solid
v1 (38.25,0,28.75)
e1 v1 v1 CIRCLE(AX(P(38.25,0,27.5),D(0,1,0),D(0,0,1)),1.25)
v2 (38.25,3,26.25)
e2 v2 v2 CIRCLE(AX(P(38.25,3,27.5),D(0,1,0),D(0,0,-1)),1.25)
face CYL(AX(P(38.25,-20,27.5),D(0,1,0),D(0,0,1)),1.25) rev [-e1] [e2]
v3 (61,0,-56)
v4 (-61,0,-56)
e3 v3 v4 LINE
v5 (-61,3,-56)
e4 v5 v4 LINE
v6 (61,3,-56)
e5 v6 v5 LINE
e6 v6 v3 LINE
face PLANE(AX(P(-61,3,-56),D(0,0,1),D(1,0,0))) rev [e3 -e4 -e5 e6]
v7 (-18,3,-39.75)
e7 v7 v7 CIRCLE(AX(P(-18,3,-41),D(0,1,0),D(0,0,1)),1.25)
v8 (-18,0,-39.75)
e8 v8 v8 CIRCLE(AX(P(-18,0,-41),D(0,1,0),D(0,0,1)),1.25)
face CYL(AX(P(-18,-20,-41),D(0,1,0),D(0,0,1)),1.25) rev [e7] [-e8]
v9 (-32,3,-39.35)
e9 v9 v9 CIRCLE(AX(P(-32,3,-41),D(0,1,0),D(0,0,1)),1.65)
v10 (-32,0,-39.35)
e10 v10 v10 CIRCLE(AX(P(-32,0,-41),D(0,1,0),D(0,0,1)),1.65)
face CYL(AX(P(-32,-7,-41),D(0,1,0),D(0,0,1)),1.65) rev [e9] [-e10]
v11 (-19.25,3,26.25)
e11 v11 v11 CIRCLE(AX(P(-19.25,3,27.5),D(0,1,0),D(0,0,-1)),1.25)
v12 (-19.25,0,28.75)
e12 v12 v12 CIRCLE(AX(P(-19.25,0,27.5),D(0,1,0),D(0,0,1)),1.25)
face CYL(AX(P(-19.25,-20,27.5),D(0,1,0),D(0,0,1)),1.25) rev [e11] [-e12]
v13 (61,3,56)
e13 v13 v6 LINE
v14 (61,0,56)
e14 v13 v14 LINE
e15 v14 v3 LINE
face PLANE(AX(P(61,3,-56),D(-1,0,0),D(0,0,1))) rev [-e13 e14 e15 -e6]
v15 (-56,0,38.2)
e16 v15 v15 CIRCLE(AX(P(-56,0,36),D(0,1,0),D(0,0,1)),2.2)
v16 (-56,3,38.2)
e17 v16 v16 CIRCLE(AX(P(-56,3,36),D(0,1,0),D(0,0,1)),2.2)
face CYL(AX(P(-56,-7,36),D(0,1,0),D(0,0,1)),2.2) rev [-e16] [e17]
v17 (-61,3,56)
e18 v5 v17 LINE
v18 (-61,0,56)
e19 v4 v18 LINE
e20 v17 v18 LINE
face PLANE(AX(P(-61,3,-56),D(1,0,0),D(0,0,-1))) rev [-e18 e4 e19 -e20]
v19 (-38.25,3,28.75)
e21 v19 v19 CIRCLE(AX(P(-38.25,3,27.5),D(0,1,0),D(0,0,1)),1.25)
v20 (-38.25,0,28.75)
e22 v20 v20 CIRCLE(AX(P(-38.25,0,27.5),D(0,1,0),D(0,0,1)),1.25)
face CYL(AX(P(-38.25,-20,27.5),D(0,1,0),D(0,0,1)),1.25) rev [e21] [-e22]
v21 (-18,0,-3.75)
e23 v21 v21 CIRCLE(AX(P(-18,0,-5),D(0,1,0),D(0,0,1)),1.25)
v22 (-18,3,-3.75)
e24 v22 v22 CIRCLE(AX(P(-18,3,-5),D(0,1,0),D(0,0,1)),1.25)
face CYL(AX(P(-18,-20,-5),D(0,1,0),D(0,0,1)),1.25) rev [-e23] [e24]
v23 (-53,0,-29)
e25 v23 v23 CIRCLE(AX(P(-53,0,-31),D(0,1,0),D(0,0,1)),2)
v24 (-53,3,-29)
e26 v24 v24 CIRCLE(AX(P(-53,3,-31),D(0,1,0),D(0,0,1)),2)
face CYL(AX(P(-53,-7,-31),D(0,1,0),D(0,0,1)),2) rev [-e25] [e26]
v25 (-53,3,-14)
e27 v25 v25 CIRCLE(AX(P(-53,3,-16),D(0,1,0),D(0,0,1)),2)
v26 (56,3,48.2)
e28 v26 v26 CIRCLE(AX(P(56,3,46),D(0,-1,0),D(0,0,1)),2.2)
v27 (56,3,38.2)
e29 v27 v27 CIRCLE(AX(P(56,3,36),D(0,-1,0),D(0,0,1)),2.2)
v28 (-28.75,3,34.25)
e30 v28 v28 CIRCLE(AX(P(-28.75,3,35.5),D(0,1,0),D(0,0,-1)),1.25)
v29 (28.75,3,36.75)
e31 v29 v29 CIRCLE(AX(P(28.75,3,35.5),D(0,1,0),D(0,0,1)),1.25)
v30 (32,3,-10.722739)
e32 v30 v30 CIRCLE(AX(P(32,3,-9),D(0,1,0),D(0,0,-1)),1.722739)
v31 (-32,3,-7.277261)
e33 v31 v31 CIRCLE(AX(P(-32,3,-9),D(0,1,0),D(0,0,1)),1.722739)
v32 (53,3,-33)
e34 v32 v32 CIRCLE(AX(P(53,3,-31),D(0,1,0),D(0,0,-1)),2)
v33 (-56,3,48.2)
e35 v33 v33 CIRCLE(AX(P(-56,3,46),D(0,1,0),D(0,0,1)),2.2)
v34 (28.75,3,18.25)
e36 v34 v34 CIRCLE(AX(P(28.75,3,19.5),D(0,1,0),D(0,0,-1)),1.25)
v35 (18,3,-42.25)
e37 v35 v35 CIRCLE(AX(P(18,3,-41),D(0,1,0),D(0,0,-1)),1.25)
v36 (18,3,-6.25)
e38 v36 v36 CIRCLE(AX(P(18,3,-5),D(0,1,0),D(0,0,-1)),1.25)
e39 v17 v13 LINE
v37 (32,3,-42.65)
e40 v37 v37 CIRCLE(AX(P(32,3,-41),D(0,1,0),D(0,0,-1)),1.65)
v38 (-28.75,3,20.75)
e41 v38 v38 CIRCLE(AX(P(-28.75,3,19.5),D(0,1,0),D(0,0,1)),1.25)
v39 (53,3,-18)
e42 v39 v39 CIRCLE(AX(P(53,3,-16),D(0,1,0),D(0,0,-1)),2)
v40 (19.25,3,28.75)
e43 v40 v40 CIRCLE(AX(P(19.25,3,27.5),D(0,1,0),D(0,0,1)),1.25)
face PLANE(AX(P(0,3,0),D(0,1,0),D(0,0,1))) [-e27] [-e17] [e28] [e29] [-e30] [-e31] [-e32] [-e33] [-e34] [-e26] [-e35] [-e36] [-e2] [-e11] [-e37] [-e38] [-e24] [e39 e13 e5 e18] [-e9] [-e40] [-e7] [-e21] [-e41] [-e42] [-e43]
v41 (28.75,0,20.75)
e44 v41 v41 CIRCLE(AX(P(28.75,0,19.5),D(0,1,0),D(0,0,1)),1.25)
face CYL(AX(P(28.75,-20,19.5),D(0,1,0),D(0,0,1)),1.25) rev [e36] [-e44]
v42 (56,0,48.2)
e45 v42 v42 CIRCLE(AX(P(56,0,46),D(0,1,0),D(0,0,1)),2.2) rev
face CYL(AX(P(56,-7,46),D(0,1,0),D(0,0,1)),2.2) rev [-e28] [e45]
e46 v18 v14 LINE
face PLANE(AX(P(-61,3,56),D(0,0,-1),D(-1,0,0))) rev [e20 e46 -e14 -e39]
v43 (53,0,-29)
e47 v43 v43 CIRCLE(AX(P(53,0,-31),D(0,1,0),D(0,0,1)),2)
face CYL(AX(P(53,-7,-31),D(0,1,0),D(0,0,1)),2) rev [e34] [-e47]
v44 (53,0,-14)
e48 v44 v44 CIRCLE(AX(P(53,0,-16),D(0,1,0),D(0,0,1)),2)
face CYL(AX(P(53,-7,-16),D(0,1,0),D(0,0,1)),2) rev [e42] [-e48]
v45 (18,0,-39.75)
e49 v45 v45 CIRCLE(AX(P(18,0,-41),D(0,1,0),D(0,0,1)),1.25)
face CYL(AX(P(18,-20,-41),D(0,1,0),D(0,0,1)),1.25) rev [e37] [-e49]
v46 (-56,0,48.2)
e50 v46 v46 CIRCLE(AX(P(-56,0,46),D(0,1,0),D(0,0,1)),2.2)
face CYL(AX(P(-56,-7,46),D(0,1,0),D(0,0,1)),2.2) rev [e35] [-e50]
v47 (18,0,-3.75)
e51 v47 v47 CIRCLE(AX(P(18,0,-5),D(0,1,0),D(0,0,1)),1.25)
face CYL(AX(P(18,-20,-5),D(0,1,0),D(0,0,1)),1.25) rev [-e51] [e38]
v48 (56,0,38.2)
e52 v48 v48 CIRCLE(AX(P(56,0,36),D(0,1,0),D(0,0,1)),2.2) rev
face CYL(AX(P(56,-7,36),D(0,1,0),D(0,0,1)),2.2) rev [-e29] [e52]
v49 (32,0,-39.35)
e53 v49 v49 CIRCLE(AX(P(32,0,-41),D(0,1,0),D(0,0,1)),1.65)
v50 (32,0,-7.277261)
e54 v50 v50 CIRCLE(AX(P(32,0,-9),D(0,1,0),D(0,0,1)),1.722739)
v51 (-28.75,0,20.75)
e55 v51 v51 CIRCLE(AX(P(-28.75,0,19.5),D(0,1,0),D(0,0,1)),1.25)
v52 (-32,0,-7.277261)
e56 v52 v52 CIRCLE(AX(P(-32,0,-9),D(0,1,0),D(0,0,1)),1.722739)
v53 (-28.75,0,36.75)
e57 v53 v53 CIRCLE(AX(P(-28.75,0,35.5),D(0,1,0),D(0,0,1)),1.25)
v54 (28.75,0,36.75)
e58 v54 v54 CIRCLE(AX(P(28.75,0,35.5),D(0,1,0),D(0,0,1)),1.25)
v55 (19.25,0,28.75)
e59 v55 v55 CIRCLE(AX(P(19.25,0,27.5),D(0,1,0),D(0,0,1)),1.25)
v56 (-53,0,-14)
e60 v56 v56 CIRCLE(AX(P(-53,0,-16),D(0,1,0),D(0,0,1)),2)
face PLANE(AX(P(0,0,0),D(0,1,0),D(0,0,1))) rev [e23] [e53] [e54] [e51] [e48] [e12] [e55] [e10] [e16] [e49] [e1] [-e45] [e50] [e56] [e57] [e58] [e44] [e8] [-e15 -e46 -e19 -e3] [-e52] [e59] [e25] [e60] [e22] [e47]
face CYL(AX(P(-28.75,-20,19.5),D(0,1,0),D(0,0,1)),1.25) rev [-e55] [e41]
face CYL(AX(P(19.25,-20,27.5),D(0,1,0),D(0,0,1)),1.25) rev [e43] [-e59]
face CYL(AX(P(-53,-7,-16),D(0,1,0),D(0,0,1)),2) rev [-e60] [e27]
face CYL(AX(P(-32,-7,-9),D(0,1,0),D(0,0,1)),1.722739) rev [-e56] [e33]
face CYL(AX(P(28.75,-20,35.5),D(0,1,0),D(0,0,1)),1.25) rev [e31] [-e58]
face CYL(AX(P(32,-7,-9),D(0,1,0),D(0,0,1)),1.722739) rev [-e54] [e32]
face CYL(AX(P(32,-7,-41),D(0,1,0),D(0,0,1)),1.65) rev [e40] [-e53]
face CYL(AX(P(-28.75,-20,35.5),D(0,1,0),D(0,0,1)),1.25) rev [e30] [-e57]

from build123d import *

# Parameters (mm, degrees)
SKETCH1_W           = 122
SKETCH1_H           = 112
BOSS_EXTRUDE1_DEPTH = 3
SKETCH3_R           = 2
CUT_EXTRUDE2_DEPTH  = 10
SKETCH4_R           = 1.25
CUT_EXTRUDE3_DEPTH  = 23
SKETCH5_R           = 1.25
CUT_EXTRUDE4_DEPTH  = 23
SKETCH6_R           = 1.65
SKETCH6_R_2         = 1.722739023
CUT_EXTRUDE5_DEPTH  = 10
SKETCH7_R           = 2.2
CUT_EXTRUDE6_DEPTH  = 10


with BuildPart() as part:
    # Sketch1 → Boss-Extrude1 (new body)
    with BuildSketch(Plane(origin=(0, 0, 0), x_dir=(1, 0, 0), z_dir=(0, 1, 0))):
        Rectangle(SKETCH1_W, SKETCH1_H)
    extrude(amount=BOSS_EXTRUDE1_DEPTH)

    # Sketch3 → Cut-Extrude2 (cut)
    with BuildSketch(Plane(origin=(0, 3, 0), x_dir=(1, 0, 0), z_dir=(0, 1, 0))):
        with Locations(Location((-53, 31, 0), (0, 0, 270))):
            Circle(SKETCH3_R)
        with Locations(Location((-53, 16, 0), (0, 0, 270))):
            Circle(SKETCH3_R)
        with Locations(Location((53, 16, 0), (0, 0, 270))):
            Circle(SKETCH3_R)
        with Locations(Location((53, 31, 0), (0, 0, 270))):
            Circle(SKETCH3_R)
    extrude(amount=-CUT_EXTRUDE2_DEPTH, mode=Mode.SUBTRACT)

    # Sketch4 → Cut-Extrude3 (cut)
    with BuildSketch(Plane(origin=(0, 3, 0), x_dir=(1, 0, 0), z_dir=(0, 1, 0))):
        with Locations(Location((-18, 41, 0), (0, 0, 270))):
            Circle(SKETCH4_R)
        with Locations(Location((-18, 5, 0), (0, 0, 270))):
            Circle(SKETCH4_R)
        with Locations(Location((18, 5, 0), (0, 0, 270))):
            Circle(SKETCH4_R)
        with Locations(Location((18, 41, 0), (0, 0, 270))):
            Circle(SKETCH4_R)
    extrude(amount=-CUT_EXTRUDE3_DEPTH, mode=Mode.SUBTRACT)

    # Sketch5 → Cut-Extrude4 (cut)
    with BuildSketch(Plane(origin=(0, 3, 0), x_dir=(1, 0, 0), z_dir=(0, 1, 0))):
        with Locations(Location((-38.25, -27.5, 0), (0, 0, 270))):
            Circle(SKETCH5_R)
        with Locations(Location((-28.75, -19.5, 0), (0, 0, 270))):
            Circle(SKETCH5_R)
        with Locations(Location((-28.75, -35.5, 0), (0, 0, 270))):
            Circle(SKETCH5_R)
        with Locations(Location((-19.25, -27.5, 0), (0, 0, 270))):
            Circle(SKETCH5_R)
        with Locations(Location((38.25, -27.5, 0), (0, 0, 270))):
            Circle(SKETCH5_R)
        with Locations(Location((19.25, -27.5, 0), (0, 0, 270))):
            Circle(SKETCH5_R)
        with Locations(Location((28.75, -35.5, 0), (0, 0, 270))):
            Circle(SKETCH5_R)
        with Locations(Location((28.75, -19.5, 0), (0, 0, 270))):
            Circle(SKETCH5_R)
    extrude(amount=-CUT_EXTRUDE4_DEPTH, mode=Mode.SUBTRACT)

    # Sketch6 → Cut-Extrude5 (cut)
    with BuildSketch(Plane(origin=(0, 3, 0), x_dir=(1, 0, 0), z_dir=(0, 1, 0))):
        with Locations(Location((-32, 41, 0), (0, 0, 270))):
            Circle(SKETCH6_R)
        with Locations(Location((-32, 9, 0), (0, 0, 270))):
            Circle(SKETCH6_R_2)
        with Locations(Location((32, 9, 0), (0, 0, 270))):
            Circle(SKETCH6_R_2)
        with Locations(Location((32, 41, 0), (0, 0, 270))):
            Circle(SKETCH6_R)
    extrude(amount=-CUT_EXTRUDE5_DEPTH, mode=Mode.SUBTRACT)

    # Sketch7 → Cut-Extrude6 (cut)
    with BuildSketch(Plane(origin=(0, 3, 0), x_dir=(1, 0, 0), z_dir=(0, 1, 0))):
        with Locations(Location((-56, -46, 0), (0, 0, 270))):
            Circle(SKETCH7_R)
        with Locations(Location((-56, -36, 0), (0, 0, 270))):
            Circle(SKETCH7_R)
    cut_extrude6 = extrude(amount=-CUT_EXTRUDE6_DEPTH, mode=Mode.SUBTRACT)

    # Mirror1: Cut-Extrude6 across plane
    add(cut_extrude6.mirror(Plane(origin=(0, 0, 0), x_dir=(0, 0, 1), z_dir=(1, 0, 0))), mode=Mode.SUBTRACT)


solid = part.part
